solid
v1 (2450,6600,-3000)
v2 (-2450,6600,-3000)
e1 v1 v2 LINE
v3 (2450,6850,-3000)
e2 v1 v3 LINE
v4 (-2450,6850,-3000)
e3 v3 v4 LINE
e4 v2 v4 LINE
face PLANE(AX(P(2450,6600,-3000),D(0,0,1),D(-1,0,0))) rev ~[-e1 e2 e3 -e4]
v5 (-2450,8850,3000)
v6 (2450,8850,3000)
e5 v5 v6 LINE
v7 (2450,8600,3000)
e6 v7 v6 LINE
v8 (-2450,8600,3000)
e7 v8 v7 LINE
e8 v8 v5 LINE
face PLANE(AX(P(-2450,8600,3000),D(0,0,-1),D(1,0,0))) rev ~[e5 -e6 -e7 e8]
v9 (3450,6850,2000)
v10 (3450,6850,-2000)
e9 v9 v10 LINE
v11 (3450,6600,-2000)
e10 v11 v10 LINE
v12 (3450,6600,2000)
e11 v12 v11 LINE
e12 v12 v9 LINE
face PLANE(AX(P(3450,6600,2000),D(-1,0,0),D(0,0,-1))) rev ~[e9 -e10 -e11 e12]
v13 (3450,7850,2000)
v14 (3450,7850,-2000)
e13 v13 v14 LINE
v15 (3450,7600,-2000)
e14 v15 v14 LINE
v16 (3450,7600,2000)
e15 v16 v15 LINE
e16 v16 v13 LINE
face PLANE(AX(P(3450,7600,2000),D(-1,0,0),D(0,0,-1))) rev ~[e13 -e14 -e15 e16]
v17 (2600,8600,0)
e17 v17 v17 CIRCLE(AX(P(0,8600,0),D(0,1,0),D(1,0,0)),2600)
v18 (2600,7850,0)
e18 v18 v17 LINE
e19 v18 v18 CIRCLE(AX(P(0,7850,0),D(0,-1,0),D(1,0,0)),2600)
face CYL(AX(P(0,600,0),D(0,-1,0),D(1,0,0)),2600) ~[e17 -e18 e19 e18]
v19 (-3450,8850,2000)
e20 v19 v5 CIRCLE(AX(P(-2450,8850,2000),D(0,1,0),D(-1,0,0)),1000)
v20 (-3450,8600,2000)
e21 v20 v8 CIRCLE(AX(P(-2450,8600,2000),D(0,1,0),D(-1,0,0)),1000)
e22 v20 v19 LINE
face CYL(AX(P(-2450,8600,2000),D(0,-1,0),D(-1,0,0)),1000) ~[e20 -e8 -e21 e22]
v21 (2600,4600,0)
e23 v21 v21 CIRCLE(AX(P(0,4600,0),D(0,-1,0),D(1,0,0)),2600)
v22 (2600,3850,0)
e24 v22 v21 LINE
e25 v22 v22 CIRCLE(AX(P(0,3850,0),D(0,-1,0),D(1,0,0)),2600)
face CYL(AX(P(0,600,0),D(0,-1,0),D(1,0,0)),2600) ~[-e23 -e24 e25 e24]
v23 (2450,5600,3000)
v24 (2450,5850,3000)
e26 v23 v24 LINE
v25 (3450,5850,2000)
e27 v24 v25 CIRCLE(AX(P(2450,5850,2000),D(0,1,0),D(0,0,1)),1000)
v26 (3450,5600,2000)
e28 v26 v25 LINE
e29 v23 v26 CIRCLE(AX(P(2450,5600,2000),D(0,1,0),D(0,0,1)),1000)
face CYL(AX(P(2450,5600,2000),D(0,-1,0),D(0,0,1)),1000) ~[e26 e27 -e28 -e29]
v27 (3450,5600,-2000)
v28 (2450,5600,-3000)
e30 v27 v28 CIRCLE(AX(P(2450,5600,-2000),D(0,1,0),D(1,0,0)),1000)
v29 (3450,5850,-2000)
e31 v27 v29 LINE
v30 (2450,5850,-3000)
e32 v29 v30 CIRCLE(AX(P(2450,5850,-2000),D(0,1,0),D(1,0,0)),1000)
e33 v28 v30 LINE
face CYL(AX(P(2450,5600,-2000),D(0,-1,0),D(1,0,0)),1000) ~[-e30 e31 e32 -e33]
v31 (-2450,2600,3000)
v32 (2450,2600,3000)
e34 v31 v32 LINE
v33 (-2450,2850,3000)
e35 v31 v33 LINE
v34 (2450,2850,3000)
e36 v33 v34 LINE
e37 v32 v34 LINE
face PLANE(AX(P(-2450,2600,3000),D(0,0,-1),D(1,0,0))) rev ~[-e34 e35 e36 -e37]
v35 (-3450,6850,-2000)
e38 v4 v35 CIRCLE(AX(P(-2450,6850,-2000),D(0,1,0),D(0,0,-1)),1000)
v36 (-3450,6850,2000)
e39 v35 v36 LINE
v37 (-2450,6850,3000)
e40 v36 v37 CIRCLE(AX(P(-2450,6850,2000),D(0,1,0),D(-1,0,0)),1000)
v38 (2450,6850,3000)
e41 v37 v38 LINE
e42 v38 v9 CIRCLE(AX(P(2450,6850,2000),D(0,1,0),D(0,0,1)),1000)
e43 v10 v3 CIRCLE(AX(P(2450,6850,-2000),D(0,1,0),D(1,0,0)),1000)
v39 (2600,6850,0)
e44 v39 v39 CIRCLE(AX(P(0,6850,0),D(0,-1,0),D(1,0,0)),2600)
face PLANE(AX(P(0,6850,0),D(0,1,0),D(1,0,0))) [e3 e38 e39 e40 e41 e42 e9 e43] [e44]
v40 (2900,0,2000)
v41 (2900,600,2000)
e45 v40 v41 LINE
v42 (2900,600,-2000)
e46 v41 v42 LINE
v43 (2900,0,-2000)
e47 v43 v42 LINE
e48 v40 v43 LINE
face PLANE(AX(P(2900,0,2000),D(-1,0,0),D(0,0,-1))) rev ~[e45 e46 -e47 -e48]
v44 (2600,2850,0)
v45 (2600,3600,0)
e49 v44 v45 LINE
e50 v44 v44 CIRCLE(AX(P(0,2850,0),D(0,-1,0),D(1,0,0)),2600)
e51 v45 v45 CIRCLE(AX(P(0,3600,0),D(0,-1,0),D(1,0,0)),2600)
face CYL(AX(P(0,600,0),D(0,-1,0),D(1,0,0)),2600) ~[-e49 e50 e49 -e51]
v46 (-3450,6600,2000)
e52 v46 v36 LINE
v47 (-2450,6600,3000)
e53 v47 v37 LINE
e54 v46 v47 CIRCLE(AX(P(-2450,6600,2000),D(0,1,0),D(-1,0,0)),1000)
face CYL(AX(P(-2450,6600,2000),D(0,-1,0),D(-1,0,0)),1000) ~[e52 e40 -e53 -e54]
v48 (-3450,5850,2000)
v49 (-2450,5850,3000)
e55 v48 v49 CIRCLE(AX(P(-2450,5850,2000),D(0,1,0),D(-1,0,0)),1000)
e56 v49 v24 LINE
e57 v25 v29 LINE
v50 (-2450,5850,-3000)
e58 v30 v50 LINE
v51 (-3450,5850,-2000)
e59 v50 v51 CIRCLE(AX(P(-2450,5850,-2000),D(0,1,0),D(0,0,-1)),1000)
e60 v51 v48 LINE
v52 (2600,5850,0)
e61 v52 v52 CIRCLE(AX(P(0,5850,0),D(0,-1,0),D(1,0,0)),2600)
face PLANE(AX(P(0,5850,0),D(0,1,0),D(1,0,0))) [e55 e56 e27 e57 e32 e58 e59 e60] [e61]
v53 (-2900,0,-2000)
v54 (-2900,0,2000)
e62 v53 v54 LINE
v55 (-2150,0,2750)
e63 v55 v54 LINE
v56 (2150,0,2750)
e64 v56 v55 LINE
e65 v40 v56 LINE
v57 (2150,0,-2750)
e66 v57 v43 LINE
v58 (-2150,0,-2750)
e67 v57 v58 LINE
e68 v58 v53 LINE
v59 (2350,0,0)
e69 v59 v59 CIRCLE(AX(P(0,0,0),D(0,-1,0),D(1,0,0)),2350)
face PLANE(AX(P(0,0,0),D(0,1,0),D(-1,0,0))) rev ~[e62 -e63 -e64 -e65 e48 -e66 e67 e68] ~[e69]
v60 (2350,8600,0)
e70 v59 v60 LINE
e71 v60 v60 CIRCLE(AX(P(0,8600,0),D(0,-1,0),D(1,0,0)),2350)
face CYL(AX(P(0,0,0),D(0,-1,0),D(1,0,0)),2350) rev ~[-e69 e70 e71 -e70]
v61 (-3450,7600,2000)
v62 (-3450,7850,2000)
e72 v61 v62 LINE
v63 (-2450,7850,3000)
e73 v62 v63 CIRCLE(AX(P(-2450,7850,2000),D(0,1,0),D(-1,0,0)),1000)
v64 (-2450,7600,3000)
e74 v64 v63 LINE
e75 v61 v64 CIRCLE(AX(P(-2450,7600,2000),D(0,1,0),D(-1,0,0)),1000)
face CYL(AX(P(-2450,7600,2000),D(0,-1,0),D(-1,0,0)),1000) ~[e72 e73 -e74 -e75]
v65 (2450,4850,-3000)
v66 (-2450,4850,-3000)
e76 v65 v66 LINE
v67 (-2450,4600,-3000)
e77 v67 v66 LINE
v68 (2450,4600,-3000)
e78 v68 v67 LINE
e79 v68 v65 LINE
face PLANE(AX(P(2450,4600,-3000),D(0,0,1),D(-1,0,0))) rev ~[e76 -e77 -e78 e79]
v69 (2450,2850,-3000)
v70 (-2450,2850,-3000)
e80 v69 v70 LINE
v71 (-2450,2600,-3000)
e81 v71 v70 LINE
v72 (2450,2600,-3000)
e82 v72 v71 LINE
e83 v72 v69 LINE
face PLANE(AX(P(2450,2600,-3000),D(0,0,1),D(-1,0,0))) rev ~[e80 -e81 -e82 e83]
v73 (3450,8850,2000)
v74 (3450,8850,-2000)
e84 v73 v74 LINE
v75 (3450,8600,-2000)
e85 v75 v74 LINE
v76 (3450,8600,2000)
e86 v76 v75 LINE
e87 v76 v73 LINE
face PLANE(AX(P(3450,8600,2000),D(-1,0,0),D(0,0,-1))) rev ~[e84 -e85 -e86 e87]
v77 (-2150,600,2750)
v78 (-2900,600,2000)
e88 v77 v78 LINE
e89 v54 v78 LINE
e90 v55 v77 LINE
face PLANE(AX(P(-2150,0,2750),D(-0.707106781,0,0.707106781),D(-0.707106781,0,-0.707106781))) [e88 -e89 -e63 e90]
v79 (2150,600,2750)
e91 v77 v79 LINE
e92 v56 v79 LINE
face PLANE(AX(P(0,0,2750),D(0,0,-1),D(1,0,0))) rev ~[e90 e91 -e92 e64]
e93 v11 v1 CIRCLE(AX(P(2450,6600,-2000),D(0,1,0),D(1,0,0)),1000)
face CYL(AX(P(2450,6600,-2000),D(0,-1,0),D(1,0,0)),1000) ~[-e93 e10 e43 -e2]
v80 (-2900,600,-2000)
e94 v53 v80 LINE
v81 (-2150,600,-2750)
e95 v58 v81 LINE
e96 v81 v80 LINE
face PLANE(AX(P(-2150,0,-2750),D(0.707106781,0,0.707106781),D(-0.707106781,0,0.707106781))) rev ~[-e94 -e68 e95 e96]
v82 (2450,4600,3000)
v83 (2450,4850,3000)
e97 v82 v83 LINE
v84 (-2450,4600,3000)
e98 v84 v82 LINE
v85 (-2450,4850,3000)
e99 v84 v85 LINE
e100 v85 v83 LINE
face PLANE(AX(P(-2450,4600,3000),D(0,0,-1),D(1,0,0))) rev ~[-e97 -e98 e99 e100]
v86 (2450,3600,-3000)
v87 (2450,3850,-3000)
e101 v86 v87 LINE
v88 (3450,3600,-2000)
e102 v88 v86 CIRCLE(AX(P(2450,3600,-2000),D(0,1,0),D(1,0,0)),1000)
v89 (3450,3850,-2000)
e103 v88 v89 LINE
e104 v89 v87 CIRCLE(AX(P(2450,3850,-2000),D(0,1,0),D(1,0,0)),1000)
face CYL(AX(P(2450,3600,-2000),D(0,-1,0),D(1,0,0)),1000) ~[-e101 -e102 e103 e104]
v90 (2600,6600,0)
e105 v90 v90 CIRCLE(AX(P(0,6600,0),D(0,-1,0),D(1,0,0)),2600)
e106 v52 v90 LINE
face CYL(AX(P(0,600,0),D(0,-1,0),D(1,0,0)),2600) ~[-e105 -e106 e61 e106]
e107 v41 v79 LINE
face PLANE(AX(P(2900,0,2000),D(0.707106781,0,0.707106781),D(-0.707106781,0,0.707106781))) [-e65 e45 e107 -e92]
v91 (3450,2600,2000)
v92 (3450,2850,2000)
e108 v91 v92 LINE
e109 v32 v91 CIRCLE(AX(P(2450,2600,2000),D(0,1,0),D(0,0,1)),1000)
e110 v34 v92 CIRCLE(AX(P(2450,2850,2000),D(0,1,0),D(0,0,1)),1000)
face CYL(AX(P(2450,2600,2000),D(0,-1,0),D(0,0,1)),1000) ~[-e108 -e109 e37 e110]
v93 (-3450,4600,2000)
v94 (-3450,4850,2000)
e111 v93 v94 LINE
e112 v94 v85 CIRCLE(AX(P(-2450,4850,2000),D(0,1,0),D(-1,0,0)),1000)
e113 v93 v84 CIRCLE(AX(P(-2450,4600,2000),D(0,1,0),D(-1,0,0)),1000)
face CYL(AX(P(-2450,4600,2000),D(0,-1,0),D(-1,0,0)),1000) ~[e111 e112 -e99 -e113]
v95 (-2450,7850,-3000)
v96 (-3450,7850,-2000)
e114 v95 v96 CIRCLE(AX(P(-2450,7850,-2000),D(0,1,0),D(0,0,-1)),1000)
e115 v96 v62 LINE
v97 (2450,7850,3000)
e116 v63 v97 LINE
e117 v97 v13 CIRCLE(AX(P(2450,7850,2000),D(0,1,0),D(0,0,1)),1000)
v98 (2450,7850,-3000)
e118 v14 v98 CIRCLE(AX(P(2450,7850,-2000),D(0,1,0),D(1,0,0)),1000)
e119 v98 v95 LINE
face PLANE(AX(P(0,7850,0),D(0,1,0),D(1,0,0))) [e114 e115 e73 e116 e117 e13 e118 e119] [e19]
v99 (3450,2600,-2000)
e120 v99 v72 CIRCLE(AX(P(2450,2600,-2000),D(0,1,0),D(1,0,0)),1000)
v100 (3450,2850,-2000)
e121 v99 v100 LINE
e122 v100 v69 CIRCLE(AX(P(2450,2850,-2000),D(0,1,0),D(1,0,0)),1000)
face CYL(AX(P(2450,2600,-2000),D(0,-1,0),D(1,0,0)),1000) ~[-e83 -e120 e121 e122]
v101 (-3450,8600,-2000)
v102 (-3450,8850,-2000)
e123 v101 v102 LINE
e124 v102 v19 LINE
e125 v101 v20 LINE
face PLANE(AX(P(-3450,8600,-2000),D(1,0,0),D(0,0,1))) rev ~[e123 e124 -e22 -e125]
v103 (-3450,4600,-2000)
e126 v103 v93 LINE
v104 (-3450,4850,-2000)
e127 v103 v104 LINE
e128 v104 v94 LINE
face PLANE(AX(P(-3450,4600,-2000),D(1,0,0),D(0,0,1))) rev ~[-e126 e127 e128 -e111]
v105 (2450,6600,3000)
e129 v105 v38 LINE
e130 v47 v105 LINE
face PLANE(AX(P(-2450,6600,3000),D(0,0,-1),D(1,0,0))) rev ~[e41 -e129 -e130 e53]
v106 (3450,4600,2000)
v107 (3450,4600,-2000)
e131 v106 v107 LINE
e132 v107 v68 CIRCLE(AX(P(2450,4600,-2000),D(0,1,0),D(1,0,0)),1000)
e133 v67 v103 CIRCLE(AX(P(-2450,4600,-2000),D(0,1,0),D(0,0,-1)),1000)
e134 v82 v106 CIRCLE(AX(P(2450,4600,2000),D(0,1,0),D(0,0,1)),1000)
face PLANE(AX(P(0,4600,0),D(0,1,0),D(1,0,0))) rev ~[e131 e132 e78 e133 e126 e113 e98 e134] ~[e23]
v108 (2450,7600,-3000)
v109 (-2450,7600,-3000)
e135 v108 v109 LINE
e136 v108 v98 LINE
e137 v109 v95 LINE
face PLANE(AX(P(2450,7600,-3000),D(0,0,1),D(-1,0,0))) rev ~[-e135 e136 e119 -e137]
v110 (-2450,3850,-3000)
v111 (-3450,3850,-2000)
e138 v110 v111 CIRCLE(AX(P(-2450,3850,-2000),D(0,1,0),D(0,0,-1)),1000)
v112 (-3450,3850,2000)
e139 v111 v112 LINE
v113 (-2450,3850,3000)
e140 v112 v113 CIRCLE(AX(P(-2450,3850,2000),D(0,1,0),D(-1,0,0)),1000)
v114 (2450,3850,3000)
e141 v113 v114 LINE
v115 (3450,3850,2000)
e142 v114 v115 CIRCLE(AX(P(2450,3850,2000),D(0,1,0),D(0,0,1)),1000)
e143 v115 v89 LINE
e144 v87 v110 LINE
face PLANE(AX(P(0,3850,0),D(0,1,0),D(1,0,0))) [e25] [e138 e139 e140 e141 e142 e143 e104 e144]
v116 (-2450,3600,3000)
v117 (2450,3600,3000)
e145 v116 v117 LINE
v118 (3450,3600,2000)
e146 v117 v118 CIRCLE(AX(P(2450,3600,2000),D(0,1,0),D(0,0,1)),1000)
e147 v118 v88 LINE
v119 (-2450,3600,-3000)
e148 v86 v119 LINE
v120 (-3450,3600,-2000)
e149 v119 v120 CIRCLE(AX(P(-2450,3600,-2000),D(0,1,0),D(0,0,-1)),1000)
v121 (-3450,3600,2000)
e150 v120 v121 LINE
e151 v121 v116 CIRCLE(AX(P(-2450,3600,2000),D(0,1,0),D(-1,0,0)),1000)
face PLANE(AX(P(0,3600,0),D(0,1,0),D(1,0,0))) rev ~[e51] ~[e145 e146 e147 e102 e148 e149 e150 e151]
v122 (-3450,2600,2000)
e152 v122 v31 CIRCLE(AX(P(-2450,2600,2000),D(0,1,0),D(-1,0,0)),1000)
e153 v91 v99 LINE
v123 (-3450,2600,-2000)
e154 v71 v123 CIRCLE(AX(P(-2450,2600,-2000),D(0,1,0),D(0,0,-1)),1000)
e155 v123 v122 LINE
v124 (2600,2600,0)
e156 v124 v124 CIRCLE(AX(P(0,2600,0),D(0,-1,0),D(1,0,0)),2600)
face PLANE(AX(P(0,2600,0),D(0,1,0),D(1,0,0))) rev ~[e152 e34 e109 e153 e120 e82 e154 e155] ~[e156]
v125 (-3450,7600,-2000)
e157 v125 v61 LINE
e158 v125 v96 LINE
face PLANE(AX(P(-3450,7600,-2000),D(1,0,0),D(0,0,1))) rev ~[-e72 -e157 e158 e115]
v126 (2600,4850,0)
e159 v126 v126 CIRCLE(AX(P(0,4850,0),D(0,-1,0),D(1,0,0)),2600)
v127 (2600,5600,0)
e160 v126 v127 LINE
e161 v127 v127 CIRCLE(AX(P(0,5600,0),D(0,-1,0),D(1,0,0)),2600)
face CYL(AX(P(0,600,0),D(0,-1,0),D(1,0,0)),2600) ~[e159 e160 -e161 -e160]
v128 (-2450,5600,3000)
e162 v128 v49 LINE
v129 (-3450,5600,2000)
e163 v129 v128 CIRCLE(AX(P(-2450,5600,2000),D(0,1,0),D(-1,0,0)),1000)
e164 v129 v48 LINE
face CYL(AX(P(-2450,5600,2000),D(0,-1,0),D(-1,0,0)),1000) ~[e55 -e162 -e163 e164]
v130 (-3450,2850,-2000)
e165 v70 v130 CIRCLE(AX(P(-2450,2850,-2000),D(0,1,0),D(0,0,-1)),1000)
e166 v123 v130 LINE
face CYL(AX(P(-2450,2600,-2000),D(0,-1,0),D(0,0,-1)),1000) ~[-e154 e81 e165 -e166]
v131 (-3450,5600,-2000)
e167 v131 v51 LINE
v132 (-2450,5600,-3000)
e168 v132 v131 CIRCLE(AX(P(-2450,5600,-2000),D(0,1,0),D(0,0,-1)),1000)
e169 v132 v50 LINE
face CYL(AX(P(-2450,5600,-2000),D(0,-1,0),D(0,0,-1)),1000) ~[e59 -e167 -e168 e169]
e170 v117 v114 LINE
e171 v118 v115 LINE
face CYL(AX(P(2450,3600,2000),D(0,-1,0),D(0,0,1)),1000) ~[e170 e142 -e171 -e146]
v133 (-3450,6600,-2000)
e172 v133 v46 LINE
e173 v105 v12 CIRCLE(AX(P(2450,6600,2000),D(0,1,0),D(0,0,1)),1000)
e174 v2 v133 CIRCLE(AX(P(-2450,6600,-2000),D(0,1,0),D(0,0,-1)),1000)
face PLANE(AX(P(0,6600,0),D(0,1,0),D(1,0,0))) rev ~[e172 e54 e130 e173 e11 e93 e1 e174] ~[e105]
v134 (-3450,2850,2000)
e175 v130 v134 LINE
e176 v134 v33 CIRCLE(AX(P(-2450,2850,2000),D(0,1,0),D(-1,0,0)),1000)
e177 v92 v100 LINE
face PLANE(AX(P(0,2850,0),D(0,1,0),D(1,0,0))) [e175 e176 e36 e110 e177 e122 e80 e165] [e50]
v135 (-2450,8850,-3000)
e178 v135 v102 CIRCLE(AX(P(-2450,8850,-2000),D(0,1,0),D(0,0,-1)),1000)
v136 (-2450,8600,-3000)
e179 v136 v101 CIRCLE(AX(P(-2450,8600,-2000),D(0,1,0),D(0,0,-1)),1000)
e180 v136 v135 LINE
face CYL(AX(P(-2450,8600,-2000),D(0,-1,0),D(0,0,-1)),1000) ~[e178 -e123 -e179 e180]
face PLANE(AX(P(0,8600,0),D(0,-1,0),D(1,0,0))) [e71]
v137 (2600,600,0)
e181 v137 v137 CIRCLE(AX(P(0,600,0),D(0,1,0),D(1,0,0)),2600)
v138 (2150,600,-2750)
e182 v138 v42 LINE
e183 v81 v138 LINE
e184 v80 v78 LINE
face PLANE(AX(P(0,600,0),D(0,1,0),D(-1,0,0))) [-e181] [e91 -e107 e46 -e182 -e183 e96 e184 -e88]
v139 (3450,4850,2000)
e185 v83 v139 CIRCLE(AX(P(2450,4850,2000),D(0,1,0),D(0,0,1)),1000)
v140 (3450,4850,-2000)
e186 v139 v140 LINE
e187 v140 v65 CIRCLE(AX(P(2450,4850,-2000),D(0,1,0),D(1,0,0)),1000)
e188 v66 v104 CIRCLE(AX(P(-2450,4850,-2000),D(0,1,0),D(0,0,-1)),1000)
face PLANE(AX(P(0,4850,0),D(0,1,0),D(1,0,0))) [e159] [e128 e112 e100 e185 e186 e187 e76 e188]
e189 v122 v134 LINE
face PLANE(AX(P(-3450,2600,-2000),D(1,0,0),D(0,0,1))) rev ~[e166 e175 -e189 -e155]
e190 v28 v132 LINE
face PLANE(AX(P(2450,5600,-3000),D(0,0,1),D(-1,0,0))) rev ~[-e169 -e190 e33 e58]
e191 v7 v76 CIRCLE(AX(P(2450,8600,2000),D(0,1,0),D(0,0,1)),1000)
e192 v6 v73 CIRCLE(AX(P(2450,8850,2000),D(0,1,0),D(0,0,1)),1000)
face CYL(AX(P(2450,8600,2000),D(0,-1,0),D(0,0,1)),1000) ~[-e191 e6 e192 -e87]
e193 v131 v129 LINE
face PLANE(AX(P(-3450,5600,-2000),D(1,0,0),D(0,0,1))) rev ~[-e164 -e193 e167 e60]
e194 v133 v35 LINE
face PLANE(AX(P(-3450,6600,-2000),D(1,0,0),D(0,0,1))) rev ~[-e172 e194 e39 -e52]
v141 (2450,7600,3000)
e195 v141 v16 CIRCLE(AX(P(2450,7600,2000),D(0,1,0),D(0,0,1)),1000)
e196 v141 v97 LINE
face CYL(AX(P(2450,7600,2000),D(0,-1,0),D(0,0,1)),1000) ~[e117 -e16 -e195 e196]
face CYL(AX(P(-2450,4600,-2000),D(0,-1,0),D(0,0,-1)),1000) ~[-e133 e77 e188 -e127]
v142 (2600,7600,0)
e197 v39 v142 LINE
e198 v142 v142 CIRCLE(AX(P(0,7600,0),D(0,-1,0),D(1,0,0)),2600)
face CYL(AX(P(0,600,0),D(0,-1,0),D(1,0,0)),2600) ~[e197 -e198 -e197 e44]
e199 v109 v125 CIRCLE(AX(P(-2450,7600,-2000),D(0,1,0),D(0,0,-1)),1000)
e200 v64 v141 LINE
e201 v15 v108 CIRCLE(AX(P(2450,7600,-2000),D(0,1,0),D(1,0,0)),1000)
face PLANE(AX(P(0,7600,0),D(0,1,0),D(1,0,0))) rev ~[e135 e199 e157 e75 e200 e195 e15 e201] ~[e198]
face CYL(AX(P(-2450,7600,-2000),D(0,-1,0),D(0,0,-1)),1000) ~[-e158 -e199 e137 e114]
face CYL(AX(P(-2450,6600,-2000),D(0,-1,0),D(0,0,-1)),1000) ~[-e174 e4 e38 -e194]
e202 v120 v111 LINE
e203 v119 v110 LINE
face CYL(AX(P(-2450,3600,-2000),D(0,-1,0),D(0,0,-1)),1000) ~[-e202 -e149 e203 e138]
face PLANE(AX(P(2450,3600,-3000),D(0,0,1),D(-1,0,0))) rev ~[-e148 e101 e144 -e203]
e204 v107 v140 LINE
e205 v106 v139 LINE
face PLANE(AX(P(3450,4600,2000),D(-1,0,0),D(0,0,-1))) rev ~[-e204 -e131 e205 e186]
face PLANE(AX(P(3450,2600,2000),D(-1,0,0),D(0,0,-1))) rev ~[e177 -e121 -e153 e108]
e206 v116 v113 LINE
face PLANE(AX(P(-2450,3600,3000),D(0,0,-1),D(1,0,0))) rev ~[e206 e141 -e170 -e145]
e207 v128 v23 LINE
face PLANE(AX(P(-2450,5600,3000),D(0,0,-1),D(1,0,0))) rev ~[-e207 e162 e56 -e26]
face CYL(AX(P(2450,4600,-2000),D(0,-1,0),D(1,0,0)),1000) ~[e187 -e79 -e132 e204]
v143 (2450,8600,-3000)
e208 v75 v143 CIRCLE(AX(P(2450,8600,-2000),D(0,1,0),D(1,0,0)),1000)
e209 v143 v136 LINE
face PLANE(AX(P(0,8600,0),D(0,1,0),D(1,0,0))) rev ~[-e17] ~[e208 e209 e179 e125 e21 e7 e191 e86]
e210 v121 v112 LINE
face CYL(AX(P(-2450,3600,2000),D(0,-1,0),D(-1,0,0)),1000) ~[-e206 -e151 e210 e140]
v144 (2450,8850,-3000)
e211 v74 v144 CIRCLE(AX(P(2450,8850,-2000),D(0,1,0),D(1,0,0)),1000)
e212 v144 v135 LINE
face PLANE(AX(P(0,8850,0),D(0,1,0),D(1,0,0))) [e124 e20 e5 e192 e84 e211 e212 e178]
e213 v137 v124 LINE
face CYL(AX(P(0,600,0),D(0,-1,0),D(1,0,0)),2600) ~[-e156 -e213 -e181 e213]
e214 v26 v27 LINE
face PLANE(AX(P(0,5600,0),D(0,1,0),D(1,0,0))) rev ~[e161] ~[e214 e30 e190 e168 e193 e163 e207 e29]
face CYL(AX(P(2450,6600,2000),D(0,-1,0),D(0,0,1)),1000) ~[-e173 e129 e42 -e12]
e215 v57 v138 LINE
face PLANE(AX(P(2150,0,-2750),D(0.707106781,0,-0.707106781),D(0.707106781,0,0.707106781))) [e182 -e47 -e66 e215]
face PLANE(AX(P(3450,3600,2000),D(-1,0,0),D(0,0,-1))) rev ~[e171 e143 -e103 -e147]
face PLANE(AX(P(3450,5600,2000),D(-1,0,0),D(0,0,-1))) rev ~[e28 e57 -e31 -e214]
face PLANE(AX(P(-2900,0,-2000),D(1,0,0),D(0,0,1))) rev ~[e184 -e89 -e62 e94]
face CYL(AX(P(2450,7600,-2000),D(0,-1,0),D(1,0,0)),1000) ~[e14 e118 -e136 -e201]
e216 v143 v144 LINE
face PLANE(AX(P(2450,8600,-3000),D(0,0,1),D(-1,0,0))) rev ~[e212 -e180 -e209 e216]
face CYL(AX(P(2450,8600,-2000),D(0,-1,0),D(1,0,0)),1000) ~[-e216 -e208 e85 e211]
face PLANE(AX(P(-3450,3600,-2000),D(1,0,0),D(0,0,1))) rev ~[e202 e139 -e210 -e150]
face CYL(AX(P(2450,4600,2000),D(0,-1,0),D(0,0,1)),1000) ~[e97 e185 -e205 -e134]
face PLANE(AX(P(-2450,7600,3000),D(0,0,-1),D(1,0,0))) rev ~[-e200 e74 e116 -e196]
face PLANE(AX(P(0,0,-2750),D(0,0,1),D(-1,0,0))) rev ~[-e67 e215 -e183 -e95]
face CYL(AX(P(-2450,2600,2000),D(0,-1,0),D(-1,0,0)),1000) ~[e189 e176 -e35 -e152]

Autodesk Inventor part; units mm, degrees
ref_plane "YZ Plane" through (0, 0, 0) normal (1, 0, 0) x (0, 1, 0)
ref_plane "XZ Plane" through (0, 0, 0) normal (0, 1, 0) x (-1, 0, 0)
ref_plane "XY Plane" through (0, 0, 0) normal (0, 0, 1) x (1, 0, 0)
sketch "Sketch1" plane through (0, 0, 0) normal (0, 1, 0) x (-1, 0, 0)
  line L0 (2900, -2000) -> (2900, 2000)
  line L1 (-2900, 2000) -> (-2900, -2000)
  line L2 (0, -2750) -> (-2150, -2750)
  line L3 (-2150, -2750) -> (2150, -2750)
  line L4 (0, 2750) -> (-2150, 2750)
  line L5 (-2150, 2750) -> (2150, 2750)
  line L6 (2150, -2750) -> (2900, -2000)
  line L7 (-2150, -2750) -> (-2900, -2000)
  line L8 (-2900, 2000) -> (-2150, 2750)
  line L9 (2150, 2750) -> (2900, 2000)
  point P0 (2900, -2750)
  point P1 (2900, 2750)
extrude "Extrusion1" add sketch "Sketch1" along normal blind 600
sketch "Sketch2" plane through (0, 600, 0) normal (0, 1, 0) x (1, 0, 0)
  circle A0 centre (0, 0) radius 2600
extrude "Extrusion2" add sketch "Sketch2" along normal blind 8000
sketch "Sketch4" plane through (0, 8600, 0) normal (0, 1, 0) x (1, 0, 0)
  line L0 (2450, 3000) -> (-2450, 3000)
  line L1 (-3450, 2000) -> (-3450, -2000)
  line L2 (-2450, -3000) -> (2450, -3000)
  line L3 (3450, -2000) -> (3450, 2000)
  arc A0 (-2450, 3000) -> (-3450, 2000) centre (-2450, 2000) ccw
  arc A1 (3450, 2000) -> (2450, 3000) centre (2450, 2000) ccw
  arc A2 (2450, -3000) -> (3450, -2000) centre (2450, -2000) ccw
  arc A3 (-3450, -2000) -> (-2450, -3000) centre (-2450, -2000) ccw
extrude "Extrusion3" add sketch "Sketch4" along normal blind 250
pattern_linear "Rectangular Pattern1" count 7 spacing 1000 along (0, -1, 0) of "Extrusion3"
sketch "Sketch5" plane through (0, 0, 0) normal (0, -1, 0) x (1, 0, 0)
  circle A0 centre (0, 0) radius 2350
  dimension "d29" = 4700
extrude "Extrusion4" cut sketch "Sketch5" against normal blind 8600
